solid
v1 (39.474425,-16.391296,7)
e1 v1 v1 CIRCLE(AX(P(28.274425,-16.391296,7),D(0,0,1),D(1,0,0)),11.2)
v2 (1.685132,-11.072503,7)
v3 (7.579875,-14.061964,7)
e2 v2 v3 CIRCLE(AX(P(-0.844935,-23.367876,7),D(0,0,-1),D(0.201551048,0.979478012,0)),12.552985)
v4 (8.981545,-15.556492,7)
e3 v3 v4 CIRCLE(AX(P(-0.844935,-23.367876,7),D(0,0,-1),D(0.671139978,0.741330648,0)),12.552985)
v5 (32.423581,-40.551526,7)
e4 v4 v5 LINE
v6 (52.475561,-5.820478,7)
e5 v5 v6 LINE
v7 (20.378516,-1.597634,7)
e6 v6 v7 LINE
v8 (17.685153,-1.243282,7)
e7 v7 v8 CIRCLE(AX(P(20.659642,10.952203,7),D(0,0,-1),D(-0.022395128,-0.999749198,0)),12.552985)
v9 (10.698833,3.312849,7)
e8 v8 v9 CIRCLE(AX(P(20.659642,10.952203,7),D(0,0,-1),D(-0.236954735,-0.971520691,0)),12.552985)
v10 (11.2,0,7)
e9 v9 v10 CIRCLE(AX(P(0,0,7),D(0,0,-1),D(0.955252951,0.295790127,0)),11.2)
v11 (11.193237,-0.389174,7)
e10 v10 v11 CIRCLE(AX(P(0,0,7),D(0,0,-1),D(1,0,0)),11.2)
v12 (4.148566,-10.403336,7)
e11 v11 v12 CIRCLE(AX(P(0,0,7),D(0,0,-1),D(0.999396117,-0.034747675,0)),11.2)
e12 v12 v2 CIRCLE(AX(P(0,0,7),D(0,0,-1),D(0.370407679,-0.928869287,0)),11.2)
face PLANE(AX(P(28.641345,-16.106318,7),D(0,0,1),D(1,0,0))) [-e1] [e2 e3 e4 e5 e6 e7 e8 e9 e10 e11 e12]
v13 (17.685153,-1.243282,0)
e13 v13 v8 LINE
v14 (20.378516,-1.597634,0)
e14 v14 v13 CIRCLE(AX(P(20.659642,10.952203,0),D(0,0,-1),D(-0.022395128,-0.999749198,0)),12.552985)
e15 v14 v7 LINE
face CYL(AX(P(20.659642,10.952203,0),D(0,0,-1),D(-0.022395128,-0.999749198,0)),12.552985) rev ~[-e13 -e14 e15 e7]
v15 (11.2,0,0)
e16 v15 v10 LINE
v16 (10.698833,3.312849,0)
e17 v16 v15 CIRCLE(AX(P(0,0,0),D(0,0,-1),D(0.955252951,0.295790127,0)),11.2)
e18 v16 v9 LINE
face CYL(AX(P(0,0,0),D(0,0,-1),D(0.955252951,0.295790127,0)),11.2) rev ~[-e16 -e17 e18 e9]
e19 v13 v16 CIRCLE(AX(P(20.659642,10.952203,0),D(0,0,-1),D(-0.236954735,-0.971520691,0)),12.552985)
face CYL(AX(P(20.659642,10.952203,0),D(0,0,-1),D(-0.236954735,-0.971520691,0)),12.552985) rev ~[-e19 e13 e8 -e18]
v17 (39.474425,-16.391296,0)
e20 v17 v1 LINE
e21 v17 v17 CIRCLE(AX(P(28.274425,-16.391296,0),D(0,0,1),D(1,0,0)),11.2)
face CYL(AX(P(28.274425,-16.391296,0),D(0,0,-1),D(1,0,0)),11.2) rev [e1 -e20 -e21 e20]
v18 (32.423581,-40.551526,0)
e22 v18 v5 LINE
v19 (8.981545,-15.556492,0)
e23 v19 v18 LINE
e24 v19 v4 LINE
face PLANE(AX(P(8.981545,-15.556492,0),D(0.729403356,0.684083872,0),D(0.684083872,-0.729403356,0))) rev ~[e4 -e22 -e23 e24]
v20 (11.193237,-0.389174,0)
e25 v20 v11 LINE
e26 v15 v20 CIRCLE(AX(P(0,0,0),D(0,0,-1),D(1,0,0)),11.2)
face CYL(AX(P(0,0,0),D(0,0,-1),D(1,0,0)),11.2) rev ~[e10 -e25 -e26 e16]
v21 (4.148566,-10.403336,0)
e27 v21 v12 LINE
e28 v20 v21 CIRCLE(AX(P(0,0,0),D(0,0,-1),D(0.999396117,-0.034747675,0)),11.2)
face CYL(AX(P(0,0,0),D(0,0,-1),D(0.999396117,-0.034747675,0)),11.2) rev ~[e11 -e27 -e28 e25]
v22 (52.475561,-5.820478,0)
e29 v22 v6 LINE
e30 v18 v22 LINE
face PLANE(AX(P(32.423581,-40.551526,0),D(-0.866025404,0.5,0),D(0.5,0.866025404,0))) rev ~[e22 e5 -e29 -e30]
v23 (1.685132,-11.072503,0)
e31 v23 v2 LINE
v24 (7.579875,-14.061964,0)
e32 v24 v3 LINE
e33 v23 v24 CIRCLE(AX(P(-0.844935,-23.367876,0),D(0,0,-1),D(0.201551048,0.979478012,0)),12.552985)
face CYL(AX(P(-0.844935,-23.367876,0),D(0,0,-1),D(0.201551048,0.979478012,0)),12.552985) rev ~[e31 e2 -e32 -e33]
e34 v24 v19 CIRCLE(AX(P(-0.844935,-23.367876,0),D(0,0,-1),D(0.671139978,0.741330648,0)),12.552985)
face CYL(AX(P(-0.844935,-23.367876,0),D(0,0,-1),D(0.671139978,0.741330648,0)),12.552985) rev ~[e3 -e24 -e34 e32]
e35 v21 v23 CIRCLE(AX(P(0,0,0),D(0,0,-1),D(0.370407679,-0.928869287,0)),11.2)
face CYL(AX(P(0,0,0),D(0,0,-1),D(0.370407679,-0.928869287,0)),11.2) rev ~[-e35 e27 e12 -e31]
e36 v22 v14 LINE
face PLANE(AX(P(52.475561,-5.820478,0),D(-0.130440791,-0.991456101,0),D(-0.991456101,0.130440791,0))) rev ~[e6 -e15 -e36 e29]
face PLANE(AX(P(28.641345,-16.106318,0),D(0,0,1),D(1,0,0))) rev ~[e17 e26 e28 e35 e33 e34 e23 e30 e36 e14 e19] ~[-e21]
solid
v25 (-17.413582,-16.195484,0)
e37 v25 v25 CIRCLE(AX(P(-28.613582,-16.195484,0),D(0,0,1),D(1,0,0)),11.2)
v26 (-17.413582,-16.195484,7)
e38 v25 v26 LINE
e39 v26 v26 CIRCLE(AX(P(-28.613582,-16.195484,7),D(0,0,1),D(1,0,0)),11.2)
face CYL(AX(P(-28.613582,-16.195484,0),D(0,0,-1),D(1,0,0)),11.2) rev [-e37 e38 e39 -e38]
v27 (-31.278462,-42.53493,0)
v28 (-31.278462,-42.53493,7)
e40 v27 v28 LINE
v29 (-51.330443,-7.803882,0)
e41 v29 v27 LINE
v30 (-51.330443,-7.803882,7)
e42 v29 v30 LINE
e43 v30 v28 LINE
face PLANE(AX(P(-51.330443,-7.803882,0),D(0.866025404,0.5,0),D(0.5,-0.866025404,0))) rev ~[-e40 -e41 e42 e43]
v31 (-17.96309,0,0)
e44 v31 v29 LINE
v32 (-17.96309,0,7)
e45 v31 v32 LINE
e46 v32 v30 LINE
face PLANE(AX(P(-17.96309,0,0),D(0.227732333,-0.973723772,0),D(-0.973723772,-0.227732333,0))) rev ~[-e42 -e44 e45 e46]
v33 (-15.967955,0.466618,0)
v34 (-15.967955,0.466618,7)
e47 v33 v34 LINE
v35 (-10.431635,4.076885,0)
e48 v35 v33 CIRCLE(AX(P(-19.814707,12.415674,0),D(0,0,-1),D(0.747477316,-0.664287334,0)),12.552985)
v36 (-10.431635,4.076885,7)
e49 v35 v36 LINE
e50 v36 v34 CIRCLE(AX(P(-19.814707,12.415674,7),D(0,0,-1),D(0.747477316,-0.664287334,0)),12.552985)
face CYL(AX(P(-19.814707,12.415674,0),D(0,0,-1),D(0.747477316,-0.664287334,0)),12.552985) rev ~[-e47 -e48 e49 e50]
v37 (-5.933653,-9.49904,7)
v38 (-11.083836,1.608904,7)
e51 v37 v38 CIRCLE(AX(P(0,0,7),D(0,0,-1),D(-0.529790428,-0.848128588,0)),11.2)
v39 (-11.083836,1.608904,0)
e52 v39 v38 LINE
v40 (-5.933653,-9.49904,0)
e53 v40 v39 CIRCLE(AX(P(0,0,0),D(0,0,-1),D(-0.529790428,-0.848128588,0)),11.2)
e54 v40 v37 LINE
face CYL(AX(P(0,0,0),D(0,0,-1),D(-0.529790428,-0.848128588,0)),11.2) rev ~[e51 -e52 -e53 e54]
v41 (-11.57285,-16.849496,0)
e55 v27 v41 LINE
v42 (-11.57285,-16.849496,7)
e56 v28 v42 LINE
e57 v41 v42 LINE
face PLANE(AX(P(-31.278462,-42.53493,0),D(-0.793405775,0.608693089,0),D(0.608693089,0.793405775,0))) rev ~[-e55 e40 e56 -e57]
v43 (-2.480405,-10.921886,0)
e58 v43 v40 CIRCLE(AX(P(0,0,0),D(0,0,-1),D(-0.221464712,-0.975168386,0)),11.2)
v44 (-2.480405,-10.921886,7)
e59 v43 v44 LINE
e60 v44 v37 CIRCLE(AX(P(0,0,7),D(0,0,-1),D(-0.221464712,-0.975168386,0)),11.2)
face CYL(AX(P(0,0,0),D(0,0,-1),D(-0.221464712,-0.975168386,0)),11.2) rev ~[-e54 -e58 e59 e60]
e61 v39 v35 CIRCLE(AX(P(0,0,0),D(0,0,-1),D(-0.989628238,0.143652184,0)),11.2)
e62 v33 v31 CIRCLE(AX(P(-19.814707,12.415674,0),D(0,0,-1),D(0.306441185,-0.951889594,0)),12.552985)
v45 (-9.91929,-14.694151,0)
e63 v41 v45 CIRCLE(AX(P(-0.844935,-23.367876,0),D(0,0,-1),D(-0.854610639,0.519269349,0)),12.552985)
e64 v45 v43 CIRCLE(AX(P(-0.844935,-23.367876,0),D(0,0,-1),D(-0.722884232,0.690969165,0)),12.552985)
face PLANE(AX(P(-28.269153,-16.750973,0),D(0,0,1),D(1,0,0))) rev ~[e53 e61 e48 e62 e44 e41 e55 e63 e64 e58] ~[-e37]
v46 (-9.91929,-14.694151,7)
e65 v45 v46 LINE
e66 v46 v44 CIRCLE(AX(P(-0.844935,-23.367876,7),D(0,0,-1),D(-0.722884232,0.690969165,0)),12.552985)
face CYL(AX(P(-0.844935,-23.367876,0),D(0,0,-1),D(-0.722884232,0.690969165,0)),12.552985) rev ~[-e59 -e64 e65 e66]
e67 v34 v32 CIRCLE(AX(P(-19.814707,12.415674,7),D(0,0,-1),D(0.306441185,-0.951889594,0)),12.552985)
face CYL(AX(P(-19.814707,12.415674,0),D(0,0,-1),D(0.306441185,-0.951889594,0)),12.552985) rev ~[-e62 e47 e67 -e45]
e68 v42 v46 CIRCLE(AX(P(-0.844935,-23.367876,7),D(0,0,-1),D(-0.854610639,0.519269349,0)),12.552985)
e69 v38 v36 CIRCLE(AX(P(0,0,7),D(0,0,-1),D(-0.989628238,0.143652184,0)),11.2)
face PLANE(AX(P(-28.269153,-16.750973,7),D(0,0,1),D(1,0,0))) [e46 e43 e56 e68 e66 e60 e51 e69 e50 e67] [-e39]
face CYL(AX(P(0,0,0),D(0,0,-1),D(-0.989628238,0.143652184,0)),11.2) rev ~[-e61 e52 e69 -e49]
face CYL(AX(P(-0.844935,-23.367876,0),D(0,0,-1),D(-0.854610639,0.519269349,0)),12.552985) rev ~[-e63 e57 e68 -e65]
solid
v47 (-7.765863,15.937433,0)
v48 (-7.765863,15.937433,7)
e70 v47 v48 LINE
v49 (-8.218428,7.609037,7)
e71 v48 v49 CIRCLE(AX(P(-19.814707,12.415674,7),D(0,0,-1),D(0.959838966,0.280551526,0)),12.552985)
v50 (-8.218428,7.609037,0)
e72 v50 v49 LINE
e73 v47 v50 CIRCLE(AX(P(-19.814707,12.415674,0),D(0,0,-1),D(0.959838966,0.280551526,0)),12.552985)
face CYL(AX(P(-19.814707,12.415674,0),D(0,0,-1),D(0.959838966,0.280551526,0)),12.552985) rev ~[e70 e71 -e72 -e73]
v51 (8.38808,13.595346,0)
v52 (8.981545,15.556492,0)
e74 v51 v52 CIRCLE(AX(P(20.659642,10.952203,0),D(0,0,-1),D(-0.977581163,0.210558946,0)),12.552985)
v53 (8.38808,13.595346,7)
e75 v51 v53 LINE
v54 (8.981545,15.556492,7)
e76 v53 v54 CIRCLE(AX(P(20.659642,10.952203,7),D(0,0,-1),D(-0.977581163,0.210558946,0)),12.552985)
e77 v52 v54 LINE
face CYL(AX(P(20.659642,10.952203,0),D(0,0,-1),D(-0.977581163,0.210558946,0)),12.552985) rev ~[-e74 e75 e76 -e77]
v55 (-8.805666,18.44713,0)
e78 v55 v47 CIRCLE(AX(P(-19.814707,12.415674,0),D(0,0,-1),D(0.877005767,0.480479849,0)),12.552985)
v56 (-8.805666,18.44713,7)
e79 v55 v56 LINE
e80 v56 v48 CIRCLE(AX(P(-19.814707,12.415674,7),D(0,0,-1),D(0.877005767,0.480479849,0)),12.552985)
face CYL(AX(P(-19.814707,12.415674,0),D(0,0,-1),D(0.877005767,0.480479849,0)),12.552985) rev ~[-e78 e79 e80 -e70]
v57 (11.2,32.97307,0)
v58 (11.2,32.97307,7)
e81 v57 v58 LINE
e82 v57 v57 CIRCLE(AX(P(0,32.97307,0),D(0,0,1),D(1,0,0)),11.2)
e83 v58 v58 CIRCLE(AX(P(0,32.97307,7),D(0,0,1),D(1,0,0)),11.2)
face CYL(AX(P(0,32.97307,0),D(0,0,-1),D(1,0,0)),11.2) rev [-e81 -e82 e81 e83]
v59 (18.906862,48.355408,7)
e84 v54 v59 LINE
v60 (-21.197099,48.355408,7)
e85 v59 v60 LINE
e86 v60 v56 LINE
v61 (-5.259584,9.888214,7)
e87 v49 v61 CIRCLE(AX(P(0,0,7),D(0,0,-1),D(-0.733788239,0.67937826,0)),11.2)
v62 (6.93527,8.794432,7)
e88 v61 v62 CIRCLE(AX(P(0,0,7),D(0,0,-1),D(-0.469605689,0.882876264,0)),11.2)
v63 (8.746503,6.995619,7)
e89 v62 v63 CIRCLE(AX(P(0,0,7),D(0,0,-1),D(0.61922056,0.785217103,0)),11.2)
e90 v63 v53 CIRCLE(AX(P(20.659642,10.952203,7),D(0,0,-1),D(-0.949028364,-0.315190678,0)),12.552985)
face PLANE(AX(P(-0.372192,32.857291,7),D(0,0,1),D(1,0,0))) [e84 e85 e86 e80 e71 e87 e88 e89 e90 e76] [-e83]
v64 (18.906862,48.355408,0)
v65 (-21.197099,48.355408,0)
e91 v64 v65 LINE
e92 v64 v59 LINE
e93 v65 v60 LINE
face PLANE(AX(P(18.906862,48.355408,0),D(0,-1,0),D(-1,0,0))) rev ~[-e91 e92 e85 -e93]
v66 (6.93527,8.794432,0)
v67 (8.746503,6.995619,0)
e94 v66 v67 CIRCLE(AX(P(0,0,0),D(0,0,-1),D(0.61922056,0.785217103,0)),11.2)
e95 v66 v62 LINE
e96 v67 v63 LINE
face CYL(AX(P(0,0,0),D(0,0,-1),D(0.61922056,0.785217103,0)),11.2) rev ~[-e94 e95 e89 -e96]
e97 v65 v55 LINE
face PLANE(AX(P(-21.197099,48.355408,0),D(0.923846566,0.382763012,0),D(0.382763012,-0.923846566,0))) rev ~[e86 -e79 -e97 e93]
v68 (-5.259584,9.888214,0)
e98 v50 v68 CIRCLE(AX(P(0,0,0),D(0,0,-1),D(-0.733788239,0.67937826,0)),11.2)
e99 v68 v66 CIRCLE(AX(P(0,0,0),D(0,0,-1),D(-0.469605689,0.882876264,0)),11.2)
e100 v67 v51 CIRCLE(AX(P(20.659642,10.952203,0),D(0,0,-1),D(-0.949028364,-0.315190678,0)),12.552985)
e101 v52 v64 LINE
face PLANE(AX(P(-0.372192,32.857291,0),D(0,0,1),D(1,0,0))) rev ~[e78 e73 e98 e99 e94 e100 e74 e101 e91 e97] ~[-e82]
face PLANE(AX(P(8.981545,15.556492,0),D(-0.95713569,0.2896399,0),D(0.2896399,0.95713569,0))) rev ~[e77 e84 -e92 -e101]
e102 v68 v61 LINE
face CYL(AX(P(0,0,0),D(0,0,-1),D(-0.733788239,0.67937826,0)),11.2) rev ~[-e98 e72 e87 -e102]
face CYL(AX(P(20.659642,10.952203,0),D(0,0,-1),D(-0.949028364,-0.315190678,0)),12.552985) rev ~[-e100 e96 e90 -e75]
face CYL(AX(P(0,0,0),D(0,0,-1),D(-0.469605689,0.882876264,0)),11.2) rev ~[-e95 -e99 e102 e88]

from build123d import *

# Parameters (mm, degrees)
F0_R     = 11.2
F1_DEPTH = 7


with BuildPart() as f1:
    # F0 (on Top) → F1 (new body)
    with BuildSketch(Plane.XY):
        with BuildLine():
            ThreePointArc((-5.2595837188, 9.8882141514), (1.0005355797, 11.1552197896), (6.9352702674, 8.7944315517))
            Line((6.9352702674, 8.7944315517), (8.3880803337, 13.5953459421))
            ThreePointArc((8.3880803337, 13.5953459421), (8.6447320558, 14.5880479762), (8.9815450309, 15.556492324))
            Line((8.9815450309, 15.556492324), (18.9068615437, 48.3554080129))
            Line((18.9068615437, 48.3554080129), (-21.1970992386, 48.3554080129))
            Line((-21.1970992386, 48.3554080129), (-8.8056664665, 18.4471298955))
            ThreePointArc((-8.8056664665, 18.4471298955), (-8.2176746167, 17.2204918982), (-7.7658625488, 15.937432645))
            Line((-7.7658625488, 15.937432645), (-5.2595837188, 9.8882141514))
        make_face()
        with Locations((0, 32.9730696976)):
            Circle(F0_R, mode=Mode.SUBTRACT)
        with BuildLine():
            ThreePointArc((-8.2184282818, 7.6090365078), (-6.8346810134, 8.8728313094), (-5.2595837188, 9.8882141514))
            Line((-5.2595837188, 9.8882141514), (-7.7658625488, 15.937432645))
            ThreePointArc((-7.7658625488, 15.937432645), (-7.2802142561, 11.7345481785), (-8.2184282818, 7.6090365078))
        make_face()
        with BuildLine():
            Line((8.3880803337, 13.5953459421), (6.9352702674, 8.7944315517))
            ThreePointArc((6.9352702674, 8.7944315517), (7.8923023589, 7.9467957993), (8.7465031872, 6.9956187715))
            ThreePointArc((8.7465031872, 6.9956187715), (8.1251282899, 10.2714690168), (8.3880803337, 13.5953459421))
        make_face()
    extrude(amount=F1_DEPTH)


with BuildPart() as f1b:
    # F0 (on Top) → F1, piece 2 (new body)
    with BuildSketch(Plane.XY):
        with BuildLine():
            ThreePointArc((-5.9336527938, -9.4990401895), (-10.1609715124, -4.7111206654), (-11.0838362693, 1.6089044579))
            Line((-11.0838362693, 1.6089044579), (-15.967955126, 0.4666176869))
            ThreePointArc((-15.967955126, 0.4666176869), (-16.9559861669, 0.1925335812), (-17.9630900618, 0))
            Line((-17.9630900618, 0), (-51.3304425213, -7.8038816038))
            Line((-51.3304425213, -7.8038816038), (-31.2784621302, -42.5349304336))
            Line((-31.2784621302, -42.5349304336), (-11.5728498832, -16.849495805))
            ThreePointArc((-11.5728498832, -16.849495805), (-10.8045461412, -15.7269609272), (-9.9192902673, -14.694150572))
            Line((-9.9192902673, -14.694150572), (-5.9336527938, -9.4990401895))
        make_face()
        with Locations((-28.6135822535, -16.1954835057)):
            Circle(F0_R, mode=Mode.SUBTRACT)
        with BuildLine():
            ThreePointArc((-11.0838362693, 1.6089044579), (-10.8282782203, 2.8615364376), (-10.4316351649, 4.0768845686))
            ThreePointArc((-10.4316351649, 4.0768845686), (-12.9579172477, 1.9008329997), (-15.967955126, 0.4666176869))
            Line((-15.967955126, 0.4666176869), (-11.0838362693, 1.6089044579))
        make_face()
        with BuildLine():
            ThreePointArc((-2.4804047732, -10.9218859251), (-4.2667568108, -10.3554230391), (-5.9336527938, -9.4990401895))
            Line((-5.9336527938, -9.4990401895), (-9.9192902673, -14.694150572))
            ThreePointArc((-9.9192902673, -14.694150572), (-6.5223096965, -12.1721245801), (-2.4804047732, -10.9218859251))
        make_face()
    extrude(amount=F1_DEPTH)


with BuildPart() as f1c:
    # F0 (on Top) → F1, piece 3 (new body)
    with BuildSketch(Plane.XY):
        with BuildLine():
            ThreePointArc((20.3785163497, -1.5976340905), (19.0222207578, -1.493530971), (17.685152816, -1.2432820729))
            Line((17.685152816, -1.2432820729), (11.1932365126, -0.3891739619))
            ThreePointArc((11.1932365126, -0.3891739619), (9.1604359327, -6.4440991242), (4.1485660019, -10.4033360096))
            Line((4.1485660019, -10.4033360096), (7.5798747923, -14.061963629))
            ThreePointArc((7.5798747923, -14.061963629), (8.3112541111, -14.7805815574), (8.9815450309, -15.556492324))
            Line((8.9815450309, -15.556492324), (32.4235809777, -40.5515264091))
            Line((32.4235809777, -40.5515264091), (52.4755613688, -5.8204775792))
            Line((52.4755613688, -5.8204775792), (20.3785163497, -1.5976340905))
        make_face()
        with Locations((28.2744250147, -16.3912960288)):
            Circle(F0_R, mode=Mode.SUBTRACT)
        with BuildLine():
            ThreePointArc((17.685152816, -1.2432820729), (13.8025239526, 0.4375764016), (10.698833055, 3.3128494173))
            ThreePointArc((10.698833055, 3.3128494173), (11.0739995082, 1.6752715876), (11.2, 0))
            ThreePointArc((11.2, 0), (11.1983090005, -0.1946163645), (11.1932365126, -0.3891739619))
            Line((11.1932365126, -0.3891739619), (17.685152816, -1.2432820729))
        make_face()
        with BuildLine():
            Line((7.5798747923, -14.061963629), (4.1485660019, -10.4033360096))
            ThreePointArc((4.1485660019, -10.4033360096), (2.9359758614, -10.8083322368), (1.6851319778, -11.0725033401))
            ThreePointArc((1.6851319778, -11.0725033401), (4.8327889577, -12.1723020165), (7.5798747923, -14.061963629))
        make_face()
    extrude(amount=F1_DEPTH)


solid = Compound([f1.part, f1b.part, f1c.part])
